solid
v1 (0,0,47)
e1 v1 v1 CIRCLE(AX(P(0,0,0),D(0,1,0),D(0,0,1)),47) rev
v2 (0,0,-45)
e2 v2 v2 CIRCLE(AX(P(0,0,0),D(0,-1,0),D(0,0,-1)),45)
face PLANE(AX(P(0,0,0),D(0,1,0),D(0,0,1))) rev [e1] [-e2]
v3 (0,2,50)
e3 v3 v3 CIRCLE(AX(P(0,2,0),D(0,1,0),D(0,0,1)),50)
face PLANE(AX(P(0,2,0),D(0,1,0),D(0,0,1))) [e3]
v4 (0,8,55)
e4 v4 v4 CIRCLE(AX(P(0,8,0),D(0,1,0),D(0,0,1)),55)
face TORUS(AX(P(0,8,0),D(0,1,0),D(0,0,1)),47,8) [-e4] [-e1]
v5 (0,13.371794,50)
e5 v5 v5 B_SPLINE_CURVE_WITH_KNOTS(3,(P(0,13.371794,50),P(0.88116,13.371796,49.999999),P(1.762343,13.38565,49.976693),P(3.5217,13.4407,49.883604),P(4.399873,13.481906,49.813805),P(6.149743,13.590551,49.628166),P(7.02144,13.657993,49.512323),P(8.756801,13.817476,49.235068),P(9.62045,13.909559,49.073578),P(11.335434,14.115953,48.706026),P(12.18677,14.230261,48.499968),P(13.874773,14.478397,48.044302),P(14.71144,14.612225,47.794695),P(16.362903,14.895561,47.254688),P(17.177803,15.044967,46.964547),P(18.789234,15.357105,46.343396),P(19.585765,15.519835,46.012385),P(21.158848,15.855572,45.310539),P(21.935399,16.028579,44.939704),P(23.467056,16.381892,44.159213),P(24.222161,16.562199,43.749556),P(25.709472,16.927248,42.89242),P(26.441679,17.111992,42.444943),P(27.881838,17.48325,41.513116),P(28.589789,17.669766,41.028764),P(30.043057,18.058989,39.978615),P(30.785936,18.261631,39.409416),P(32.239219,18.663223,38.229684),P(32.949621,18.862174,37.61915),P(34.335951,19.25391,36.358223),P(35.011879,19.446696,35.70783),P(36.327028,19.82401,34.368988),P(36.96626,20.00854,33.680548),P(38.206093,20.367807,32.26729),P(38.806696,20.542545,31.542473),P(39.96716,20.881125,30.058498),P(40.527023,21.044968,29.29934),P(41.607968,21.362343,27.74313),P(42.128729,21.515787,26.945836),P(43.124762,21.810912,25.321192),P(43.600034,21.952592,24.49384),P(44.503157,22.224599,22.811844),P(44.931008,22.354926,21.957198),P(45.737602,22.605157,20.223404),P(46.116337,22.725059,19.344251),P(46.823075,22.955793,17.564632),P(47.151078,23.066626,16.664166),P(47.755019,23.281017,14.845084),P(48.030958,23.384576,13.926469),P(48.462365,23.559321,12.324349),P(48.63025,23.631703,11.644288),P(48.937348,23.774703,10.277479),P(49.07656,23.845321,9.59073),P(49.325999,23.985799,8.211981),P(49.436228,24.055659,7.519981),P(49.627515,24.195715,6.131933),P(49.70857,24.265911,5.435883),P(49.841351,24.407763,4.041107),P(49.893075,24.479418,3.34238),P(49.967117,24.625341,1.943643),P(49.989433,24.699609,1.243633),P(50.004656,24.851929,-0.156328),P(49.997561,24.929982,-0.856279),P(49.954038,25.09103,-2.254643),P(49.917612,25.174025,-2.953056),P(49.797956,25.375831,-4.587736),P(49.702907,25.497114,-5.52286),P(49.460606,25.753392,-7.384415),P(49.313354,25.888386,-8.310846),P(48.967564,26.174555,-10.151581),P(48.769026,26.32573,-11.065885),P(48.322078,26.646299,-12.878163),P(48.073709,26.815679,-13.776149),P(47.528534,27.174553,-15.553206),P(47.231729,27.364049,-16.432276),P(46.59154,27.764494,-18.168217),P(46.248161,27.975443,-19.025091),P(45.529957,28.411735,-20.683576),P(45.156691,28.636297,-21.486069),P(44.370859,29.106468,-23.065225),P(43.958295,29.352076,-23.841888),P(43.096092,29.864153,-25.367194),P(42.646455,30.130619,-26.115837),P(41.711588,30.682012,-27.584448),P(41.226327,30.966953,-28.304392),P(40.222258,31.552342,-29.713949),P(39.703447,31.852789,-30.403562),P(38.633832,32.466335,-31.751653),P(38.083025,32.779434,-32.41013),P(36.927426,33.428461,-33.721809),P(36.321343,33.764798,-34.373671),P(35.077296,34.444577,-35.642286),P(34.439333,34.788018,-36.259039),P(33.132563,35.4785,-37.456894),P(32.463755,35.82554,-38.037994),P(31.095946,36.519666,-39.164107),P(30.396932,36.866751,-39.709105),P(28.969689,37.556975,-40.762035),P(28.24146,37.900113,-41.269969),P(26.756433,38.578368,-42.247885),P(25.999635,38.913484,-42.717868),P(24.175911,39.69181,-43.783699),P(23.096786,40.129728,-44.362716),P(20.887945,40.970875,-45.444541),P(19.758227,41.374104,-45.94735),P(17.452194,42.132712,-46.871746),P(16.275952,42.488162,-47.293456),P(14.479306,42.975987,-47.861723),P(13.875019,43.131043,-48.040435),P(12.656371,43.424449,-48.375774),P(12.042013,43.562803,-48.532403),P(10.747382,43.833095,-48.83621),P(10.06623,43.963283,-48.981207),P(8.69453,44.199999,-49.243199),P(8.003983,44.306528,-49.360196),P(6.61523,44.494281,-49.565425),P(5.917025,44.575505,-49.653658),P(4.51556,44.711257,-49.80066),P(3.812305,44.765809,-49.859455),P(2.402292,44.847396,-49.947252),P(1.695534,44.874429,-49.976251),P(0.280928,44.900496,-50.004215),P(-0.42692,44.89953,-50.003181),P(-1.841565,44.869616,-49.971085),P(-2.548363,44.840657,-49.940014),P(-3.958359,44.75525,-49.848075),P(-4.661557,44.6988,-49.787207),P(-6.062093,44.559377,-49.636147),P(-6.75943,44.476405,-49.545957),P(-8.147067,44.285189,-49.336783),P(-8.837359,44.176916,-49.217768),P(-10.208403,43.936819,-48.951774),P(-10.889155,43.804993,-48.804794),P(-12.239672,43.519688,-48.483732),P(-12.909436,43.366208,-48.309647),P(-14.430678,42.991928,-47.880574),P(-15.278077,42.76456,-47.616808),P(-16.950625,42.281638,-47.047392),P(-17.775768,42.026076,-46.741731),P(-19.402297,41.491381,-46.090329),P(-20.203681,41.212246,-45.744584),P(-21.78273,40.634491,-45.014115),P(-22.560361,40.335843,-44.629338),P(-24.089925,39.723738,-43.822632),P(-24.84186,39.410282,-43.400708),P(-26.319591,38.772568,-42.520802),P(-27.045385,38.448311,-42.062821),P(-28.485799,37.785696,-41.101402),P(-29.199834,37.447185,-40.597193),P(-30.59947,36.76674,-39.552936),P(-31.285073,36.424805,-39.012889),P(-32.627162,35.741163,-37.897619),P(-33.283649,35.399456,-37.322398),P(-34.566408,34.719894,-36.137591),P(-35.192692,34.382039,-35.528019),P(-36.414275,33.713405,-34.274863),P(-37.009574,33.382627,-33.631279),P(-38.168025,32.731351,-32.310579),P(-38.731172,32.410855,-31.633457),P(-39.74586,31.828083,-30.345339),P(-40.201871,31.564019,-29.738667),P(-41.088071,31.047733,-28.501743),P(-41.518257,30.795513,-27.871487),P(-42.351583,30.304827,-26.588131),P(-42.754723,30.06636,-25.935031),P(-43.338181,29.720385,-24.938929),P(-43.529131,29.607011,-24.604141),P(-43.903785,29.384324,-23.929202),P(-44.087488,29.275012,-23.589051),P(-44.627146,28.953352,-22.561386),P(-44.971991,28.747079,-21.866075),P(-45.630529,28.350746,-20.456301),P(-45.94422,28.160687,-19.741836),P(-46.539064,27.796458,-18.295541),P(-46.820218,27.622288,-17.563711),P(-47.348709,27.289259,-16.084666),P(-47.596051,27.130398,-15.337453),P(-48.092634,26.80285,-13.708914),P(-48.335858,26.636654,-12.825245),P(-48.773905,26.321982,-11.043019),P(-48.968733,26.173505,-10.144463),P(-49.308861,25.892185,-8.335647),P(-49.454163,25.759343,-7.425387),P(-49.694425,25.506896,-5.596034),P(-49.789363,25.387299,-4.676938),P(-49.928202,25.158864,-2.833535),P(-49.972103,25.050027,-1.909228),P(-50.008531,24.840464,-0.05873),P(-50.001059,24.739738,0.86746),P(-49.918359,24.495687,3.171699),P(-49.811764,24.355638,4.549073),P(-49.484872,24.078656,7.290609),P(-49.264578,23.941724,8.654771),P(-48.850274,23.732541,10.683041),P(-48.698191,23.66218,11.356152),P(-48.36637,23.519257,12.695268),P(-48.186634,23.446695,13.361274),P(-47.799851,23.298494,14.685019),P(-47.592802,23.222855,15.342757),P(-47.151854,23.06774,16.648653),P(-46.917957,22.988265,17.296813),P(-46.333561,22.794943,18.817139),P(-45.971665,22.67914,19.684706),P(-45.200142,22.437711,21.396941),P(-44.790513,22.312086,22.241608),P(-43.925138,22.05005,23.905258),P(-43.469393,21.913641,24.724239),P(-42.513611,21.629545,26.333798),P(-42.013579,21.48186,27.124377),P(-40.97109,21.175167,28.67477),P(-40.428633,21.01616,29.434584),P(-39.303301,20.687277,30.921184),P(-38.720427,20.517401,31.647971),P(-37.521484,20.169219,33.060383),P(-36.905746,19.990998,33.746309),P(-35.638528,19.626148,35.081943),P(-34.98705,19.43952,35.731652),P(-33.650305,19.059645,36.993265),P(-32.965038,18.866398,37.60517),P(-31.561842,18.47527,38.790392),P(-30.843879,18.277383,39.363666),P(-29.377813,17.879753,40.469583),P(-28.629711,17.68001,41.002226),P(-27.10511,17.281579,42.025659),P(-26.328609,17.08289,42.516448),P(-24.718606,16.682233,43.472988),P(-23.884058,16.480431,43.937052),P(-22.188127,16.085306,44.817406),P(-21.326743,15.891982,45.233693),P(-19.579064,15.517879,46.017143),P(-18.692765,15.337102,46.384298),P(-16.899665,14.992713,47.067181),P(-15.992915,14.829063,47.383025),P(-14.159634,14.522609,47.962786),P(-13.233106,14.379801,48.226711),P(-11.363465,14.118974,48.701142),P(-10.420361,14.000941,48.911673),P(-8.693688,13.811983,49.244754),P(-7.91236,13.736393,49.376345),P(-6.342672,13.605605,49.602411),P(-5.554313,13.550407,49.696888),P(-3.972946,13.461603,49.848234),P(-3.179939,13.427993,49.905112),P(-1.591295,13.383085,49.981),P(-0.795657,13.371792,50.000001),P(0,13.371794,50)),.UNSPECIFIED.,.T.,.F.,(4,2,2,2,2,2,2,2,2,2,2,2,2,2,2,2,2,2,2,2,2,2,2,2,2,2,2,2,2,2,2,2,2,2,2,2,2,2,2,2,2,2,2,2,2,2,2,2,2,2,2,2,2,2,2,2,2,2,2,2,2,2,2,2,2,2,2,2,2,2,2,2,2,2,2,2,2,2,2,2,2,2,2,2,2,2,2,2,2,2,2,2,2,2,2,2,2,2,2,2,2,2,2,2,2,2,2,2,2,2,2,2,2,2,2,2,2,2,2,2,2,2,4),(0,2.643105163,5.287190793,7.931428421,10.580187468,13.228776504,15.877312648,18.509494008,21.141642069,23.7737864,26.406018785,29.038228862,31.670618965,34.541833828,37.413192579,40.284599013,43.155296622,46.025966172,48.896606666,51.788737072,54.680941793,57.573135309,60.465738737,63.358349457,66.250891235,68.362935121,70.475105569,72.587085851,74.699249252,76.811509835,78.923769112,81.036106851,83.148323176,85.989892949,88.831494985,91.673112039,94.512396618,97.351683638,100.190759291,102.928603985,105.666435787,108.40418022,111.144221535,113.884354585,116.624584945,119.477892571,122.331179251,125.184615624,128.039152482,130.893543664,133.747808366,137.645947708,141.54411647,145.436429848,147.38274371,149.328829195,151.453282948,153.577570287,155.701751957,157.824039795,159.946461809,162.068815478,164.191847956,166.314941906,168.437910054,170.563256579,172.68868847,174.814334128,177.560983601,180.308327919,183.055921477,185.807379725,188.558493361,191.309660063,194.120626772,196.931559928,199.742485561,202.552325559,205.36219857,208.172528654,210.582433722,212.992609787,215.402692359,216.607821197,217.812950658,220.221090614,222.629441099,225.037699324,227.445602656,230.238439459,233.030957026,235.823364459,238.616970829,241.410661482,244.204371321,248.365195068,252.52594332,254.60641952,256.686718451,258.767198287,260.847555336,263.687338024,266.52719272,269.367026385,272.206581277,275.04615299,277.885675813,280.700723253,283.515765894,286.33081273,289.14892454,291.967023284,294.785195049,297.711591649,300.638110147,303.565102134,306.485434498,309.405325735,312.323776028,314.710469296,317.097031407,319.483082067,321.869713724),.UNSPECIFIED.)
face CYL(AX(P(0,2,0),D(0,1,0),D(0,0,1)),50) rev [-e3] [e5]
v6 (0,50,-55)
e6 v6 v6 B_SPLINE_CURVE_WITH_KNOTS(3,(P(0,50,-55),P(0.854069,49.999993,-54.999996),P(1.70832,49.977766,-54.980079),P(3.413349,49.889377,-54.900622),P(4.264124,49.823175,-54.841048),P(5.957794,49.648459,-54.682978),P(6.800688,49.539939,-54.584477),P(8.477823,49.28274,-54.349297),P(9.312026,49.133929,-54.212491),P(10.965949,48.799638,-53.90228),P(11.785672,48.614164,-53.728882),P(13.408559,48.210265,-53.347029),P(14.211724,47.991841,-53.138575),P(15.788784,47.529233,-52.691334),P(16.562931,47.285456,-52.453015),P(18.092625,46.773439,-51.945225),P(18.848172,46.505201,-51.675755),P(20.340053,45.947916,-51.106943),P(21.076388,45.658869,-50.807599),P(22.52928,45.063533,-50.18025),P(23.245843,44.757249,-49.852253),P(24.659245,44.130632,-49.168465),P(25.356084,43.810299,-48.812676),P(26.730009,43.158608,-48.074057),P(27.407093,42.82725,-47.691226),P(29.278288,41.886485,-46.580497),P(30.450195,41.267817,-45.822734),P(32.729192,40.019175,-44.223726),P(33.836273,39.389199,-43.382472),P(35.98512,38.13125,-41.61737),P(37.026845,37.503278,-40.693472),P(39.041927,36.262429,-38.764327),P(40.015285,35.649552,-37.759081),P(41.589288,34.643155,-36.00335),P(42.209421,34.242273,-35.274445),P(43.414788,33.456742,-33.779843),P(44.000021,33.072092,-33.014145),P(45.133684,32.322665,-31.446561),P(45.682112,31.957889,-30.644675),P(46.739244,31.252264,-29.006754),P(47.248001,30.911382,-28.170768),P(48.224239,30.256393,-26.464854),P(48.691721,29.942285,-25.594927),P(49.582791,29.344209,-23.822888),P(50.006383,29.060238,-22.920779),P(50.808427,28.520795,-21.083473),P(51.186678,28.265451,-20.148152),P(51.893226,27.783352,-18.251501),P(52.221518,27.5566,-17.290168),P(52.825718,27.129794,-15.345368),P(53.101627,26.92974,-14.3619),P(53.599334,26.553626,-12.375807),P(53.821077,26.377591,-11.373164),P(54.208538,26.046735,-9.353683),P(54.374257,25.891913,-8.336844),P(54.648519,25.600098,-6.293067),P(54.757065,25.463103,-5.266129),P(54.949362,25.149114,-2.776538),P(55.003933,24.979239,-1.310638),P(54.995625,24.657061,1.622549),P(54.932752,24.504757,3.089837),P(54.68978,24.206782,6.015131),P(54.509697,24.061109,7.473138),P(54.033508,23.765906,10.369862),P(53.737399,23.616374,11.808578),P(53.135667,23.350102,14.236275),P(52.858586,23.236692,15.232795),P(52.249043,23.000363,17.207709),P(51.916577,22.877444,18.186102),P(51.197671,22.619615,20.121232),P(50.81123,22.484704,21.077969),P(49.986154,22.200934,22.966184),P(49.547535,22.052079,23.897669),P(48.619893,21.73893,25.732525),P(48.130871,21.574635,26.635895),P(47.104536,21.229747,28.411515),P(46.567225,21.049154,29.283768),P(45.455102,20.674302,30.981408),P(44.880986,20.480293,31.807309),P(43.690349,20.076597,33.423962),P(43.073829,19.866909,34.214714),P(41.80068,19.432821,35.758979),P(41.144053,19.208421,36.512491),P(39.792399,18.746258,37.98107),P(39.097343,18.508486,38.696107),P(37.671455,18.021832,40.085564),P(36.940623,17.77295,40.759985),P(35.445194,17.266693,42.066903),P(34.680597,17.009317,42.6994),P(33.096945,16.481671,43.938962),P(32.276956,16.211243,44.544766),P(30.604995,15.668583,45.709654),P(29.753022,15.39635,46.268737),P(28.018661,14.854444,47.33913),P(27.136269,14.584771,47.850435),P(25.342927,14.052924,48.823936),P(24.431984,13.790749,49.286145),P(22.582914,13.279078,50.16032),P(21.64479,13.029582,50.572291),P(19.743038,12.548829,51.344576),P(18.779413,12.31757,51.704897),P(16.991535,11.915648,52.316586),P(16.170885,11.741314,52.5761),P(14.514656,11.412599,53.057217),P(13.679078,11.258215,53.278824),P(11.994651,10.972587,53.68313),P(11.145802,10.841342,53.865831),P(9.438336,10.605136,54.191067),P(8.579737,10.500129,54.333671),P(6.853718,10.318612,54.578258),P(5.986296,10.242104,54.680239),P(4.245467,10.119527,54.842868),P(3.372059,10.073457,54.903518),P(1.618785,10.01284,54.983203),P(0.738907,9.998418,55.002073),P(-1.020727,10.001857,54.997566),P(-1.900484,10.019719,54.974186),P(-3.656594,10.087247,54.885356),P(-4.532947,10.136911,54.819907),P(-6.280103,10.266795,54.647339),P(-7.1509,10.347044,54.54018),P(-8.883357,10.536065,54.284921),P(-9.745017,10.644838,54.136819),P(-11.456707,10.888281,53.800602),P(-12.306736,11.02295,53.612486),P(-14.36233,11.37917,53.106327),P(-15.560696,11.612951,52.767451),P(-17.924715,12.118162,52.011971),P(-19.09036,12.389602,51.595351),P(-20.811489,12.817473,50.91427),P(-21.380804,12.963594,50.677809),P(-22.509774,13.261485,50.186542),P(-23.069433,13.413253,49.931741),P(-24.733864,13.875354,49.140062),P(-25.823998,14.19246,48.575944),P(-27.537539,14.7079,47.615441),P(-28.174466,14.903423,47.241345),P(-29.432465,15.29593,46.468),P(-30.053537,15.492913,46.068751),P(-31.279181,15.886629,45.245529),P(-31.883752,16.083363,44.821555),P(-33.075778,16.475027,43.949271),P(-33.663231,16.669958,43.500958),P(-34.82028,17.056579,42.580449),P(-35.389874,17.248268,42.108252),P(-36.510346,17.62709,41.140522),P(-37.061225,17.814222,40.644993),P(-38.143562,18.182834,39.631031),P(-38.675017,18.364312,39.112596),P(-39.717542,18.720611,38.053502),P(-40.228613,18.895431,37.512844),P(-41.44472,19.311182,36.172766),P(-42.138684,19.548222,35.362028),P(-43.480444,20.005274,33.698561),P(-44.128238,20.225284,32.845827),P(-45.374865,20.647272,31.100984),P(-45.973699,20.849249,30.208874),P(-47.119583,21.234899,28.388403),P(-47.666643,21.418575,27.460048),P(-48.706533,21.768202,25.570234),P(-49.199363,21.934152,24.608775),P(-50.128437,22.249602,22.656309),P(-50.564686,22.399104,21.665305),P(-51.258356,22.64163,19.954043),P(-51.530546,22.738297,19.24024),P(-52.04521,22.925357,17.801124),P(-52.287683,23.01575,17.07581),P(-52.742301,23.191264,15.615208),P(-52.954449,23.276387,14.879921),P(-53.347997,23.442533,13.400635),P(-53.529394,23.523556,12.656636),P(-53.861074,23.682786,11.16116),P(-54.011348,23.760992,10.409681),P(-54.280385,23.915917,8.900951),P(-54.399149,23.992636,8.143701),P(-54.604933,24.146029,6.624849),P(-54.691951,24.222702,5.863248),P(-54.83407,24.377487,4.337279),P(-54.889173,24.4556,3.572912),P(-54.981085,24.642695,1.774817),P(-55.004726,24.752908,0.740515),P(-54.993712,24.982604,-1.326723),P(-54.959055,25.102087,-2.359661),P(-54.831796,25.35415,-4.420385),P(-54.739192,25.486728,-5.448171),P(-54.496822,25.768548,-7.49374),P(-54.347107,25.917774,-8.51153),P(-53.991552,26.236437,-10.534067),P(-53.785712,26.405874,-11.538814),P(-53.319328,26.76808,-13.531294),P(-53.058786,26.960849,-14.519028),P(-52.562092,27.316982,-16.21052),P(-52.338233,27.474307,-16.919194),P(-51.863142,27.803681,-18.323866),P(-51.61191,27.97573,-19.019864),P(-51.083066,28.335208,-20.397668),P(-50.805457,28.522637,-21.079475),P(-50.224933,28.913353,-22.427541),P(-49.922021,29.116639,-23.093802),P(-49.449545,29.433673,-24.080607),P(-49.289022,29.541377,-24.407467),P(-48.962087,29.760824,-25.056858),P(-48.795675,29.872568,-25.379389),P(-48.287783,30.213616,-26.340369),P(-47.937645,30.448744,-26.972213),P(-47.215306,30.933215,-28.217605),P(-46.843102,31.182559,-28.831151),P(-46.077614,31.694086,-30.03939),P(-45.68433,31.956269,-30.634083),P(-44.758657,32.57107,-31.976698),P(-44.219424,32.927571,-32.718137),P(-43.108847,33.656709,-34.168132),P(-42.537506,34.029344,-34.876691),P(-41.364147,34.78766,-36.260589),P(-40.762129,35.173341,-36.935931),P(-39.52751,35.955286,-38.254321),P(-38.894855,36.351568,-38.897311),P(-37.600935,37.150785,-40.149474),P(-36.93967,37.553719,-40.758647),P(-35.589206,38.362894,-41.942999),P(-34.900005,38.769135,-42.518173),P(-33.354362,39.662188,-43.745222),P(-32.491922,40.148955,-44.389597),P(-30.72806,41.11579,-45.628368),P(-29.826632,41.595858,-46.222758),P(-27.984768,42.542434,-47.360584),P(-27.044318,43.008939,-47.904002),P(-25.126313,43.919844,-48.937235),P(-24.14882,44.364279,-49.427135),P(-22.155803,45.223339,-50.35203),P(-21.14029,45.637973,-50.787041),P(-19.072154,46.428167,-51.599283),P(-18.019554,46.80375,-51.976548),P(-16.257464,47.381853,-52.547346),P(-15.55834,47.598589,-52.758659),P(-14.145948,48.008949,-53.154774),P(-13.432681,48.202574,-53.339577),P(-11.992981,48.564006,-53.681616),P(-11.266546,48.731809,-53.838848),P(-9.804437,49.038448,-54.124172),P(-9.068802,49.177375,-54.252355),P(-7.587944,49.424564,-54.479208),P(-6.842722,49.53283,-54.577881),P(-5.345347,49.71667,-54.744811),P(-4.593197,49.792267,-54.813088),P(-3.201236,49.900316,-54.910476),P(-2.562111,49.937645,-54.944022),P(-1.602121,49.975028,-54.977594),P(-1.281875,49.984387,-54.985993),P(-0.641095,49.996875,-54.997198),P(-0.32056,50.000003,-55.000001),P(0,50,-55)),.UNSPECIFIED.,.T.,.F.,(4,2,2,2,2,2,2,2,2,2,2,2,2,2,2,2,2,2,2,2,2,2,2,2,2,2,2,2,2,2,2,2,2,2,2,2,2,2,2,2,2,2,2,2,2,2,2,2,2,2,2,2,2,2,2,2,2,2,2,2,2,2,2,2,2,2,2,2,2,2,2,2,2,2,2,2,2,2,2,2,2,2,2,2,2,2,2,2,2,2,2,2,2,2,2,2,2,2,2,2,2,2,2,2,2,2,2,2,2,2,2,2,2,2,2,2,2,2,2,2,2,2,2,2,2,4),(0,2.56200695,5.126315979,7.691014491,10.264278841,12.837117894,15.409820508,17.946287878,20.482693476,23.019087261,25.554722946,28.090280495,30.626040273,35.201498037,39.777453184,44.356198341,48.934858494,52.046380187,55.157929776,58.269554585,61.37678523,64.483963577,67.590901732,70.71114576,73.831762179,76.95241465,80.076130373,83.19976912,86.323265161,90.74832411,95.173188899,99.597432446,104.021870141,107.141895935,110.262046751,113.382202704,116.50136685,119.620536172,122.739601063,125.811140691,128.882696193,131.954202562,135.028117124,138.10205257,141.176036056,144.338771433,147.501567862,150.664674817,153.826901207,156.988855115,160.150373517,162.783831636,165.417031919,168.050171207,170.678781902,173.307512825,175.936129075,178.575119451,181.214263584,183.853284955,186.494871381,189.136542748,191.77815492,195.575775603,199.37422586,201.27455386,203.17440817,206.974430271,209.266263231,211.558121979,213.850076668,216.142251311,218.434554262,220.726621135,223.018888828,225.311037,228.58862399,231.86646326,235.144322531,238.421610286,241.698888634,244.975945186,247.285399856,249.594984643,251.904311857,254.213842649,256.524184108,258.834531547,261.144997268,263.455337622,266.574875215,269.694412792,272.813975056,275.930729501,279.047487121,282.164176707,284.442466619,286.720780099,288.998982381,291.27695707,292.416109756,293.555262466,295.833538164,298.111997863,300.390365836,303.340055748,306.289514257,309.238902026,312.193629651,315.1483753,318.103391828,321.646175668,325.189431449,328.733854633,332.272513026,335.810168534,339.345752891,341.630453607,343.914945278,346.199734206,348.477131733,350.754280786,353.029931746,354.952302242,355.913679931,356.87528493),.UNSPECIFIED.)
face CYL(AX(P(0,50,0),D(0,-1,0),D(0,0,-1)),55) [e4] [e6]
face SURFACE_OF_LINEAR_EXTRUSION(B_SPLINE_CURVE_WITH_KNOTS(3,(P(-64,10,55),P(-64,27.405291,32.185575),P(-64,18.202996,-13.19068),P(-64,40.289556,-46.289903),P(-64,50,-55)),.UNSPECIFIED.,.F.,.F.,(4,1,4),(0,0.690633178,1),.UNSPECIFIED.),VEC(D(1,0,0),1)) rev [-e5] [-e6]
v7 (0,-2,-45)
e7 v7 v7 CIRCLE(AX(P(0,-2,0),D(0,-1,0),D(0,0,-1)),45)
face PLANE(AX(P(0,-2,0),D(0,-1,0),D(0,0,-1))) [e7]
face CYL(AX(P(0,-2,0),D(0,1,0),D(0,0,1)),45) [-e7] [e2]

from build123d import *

# Parameters (mm, degrees)
SKETCH1_R           = 55
BOSS_EXTRUDE1_DEPTH = 50
SKETCH2_R           = 50
CUT_EXTRUDE1_DEPTH  = 48
CUT_EXTRUDE2_DEPTH  = 64
SKETCH4_R           = 45
BOSS_EXTRUDE2_DEPTH = 2
FILLET1_R           = 8


with BuildPart() as part:
    # Sketch1 → Boss-Extrude1 (new body)
    with BuildSketch(Plane(origin=(0, 0, 0), x_dir=(1, 0, 0), z_dir=(0, 1, 0))):
        Circle(SKETCH1_R)
    extrude(amount=BOSS_EXTRUDE1_DEPTH)

    # Sketch2 → Cut-Extrude1 (cut)
    with BuildSketch(Plane(origin=(0, 50, 0), x_dir=(1, 0, 0), z_dir=(0, 1, 0))):
        Circle(SKETCH2_R)
    extrude(amount=-CUT_EXTRUDE1_DEPTH, mode=Mode.SUBTRACT)

    # Sketch3 → Cut-Extrude2 (cut, symmetric)
    with BuildSketch(Plane(origin=(0, 0, 0), x_dir=(0, 0, -1), z_dir=(1, 0, 0))):
        with BuildLine():
            Line((-55, 10), (-55, 50))
            Line((-55, 50), (55, 50))
            add(Edge.make_bspline(
                [(-55, 10), (-32.185575053, 27.405291441), (13.190680472, 18.202995652), (46.289902957, 40.289555955), (55, 50)],
                knots=[0, 0, 0, 0, 0.690633178, 1, 1, 1, 1], degree=3))
        make_face()
    extrude(amount=CUT_EXTRUDE2_DEPTH, both=True, mode=Mode.SUBTRACT)

    # Sketch4 → Boss-Extrude2 (add)
    with BuildSketch(Plane.XZ):
        Circle(SKETCH4_R)
    extrude(amount=BOSS_EXTRUDE2_DEPTH)

    # Fillet1
    fillet1_edges = [part.edges().sort_by_distance(p)[0] for p in [
        (-55, 0, 0),
    ]]
    fillet(fillet1_edges, radius=FILLET1_R)


solid = part.part
